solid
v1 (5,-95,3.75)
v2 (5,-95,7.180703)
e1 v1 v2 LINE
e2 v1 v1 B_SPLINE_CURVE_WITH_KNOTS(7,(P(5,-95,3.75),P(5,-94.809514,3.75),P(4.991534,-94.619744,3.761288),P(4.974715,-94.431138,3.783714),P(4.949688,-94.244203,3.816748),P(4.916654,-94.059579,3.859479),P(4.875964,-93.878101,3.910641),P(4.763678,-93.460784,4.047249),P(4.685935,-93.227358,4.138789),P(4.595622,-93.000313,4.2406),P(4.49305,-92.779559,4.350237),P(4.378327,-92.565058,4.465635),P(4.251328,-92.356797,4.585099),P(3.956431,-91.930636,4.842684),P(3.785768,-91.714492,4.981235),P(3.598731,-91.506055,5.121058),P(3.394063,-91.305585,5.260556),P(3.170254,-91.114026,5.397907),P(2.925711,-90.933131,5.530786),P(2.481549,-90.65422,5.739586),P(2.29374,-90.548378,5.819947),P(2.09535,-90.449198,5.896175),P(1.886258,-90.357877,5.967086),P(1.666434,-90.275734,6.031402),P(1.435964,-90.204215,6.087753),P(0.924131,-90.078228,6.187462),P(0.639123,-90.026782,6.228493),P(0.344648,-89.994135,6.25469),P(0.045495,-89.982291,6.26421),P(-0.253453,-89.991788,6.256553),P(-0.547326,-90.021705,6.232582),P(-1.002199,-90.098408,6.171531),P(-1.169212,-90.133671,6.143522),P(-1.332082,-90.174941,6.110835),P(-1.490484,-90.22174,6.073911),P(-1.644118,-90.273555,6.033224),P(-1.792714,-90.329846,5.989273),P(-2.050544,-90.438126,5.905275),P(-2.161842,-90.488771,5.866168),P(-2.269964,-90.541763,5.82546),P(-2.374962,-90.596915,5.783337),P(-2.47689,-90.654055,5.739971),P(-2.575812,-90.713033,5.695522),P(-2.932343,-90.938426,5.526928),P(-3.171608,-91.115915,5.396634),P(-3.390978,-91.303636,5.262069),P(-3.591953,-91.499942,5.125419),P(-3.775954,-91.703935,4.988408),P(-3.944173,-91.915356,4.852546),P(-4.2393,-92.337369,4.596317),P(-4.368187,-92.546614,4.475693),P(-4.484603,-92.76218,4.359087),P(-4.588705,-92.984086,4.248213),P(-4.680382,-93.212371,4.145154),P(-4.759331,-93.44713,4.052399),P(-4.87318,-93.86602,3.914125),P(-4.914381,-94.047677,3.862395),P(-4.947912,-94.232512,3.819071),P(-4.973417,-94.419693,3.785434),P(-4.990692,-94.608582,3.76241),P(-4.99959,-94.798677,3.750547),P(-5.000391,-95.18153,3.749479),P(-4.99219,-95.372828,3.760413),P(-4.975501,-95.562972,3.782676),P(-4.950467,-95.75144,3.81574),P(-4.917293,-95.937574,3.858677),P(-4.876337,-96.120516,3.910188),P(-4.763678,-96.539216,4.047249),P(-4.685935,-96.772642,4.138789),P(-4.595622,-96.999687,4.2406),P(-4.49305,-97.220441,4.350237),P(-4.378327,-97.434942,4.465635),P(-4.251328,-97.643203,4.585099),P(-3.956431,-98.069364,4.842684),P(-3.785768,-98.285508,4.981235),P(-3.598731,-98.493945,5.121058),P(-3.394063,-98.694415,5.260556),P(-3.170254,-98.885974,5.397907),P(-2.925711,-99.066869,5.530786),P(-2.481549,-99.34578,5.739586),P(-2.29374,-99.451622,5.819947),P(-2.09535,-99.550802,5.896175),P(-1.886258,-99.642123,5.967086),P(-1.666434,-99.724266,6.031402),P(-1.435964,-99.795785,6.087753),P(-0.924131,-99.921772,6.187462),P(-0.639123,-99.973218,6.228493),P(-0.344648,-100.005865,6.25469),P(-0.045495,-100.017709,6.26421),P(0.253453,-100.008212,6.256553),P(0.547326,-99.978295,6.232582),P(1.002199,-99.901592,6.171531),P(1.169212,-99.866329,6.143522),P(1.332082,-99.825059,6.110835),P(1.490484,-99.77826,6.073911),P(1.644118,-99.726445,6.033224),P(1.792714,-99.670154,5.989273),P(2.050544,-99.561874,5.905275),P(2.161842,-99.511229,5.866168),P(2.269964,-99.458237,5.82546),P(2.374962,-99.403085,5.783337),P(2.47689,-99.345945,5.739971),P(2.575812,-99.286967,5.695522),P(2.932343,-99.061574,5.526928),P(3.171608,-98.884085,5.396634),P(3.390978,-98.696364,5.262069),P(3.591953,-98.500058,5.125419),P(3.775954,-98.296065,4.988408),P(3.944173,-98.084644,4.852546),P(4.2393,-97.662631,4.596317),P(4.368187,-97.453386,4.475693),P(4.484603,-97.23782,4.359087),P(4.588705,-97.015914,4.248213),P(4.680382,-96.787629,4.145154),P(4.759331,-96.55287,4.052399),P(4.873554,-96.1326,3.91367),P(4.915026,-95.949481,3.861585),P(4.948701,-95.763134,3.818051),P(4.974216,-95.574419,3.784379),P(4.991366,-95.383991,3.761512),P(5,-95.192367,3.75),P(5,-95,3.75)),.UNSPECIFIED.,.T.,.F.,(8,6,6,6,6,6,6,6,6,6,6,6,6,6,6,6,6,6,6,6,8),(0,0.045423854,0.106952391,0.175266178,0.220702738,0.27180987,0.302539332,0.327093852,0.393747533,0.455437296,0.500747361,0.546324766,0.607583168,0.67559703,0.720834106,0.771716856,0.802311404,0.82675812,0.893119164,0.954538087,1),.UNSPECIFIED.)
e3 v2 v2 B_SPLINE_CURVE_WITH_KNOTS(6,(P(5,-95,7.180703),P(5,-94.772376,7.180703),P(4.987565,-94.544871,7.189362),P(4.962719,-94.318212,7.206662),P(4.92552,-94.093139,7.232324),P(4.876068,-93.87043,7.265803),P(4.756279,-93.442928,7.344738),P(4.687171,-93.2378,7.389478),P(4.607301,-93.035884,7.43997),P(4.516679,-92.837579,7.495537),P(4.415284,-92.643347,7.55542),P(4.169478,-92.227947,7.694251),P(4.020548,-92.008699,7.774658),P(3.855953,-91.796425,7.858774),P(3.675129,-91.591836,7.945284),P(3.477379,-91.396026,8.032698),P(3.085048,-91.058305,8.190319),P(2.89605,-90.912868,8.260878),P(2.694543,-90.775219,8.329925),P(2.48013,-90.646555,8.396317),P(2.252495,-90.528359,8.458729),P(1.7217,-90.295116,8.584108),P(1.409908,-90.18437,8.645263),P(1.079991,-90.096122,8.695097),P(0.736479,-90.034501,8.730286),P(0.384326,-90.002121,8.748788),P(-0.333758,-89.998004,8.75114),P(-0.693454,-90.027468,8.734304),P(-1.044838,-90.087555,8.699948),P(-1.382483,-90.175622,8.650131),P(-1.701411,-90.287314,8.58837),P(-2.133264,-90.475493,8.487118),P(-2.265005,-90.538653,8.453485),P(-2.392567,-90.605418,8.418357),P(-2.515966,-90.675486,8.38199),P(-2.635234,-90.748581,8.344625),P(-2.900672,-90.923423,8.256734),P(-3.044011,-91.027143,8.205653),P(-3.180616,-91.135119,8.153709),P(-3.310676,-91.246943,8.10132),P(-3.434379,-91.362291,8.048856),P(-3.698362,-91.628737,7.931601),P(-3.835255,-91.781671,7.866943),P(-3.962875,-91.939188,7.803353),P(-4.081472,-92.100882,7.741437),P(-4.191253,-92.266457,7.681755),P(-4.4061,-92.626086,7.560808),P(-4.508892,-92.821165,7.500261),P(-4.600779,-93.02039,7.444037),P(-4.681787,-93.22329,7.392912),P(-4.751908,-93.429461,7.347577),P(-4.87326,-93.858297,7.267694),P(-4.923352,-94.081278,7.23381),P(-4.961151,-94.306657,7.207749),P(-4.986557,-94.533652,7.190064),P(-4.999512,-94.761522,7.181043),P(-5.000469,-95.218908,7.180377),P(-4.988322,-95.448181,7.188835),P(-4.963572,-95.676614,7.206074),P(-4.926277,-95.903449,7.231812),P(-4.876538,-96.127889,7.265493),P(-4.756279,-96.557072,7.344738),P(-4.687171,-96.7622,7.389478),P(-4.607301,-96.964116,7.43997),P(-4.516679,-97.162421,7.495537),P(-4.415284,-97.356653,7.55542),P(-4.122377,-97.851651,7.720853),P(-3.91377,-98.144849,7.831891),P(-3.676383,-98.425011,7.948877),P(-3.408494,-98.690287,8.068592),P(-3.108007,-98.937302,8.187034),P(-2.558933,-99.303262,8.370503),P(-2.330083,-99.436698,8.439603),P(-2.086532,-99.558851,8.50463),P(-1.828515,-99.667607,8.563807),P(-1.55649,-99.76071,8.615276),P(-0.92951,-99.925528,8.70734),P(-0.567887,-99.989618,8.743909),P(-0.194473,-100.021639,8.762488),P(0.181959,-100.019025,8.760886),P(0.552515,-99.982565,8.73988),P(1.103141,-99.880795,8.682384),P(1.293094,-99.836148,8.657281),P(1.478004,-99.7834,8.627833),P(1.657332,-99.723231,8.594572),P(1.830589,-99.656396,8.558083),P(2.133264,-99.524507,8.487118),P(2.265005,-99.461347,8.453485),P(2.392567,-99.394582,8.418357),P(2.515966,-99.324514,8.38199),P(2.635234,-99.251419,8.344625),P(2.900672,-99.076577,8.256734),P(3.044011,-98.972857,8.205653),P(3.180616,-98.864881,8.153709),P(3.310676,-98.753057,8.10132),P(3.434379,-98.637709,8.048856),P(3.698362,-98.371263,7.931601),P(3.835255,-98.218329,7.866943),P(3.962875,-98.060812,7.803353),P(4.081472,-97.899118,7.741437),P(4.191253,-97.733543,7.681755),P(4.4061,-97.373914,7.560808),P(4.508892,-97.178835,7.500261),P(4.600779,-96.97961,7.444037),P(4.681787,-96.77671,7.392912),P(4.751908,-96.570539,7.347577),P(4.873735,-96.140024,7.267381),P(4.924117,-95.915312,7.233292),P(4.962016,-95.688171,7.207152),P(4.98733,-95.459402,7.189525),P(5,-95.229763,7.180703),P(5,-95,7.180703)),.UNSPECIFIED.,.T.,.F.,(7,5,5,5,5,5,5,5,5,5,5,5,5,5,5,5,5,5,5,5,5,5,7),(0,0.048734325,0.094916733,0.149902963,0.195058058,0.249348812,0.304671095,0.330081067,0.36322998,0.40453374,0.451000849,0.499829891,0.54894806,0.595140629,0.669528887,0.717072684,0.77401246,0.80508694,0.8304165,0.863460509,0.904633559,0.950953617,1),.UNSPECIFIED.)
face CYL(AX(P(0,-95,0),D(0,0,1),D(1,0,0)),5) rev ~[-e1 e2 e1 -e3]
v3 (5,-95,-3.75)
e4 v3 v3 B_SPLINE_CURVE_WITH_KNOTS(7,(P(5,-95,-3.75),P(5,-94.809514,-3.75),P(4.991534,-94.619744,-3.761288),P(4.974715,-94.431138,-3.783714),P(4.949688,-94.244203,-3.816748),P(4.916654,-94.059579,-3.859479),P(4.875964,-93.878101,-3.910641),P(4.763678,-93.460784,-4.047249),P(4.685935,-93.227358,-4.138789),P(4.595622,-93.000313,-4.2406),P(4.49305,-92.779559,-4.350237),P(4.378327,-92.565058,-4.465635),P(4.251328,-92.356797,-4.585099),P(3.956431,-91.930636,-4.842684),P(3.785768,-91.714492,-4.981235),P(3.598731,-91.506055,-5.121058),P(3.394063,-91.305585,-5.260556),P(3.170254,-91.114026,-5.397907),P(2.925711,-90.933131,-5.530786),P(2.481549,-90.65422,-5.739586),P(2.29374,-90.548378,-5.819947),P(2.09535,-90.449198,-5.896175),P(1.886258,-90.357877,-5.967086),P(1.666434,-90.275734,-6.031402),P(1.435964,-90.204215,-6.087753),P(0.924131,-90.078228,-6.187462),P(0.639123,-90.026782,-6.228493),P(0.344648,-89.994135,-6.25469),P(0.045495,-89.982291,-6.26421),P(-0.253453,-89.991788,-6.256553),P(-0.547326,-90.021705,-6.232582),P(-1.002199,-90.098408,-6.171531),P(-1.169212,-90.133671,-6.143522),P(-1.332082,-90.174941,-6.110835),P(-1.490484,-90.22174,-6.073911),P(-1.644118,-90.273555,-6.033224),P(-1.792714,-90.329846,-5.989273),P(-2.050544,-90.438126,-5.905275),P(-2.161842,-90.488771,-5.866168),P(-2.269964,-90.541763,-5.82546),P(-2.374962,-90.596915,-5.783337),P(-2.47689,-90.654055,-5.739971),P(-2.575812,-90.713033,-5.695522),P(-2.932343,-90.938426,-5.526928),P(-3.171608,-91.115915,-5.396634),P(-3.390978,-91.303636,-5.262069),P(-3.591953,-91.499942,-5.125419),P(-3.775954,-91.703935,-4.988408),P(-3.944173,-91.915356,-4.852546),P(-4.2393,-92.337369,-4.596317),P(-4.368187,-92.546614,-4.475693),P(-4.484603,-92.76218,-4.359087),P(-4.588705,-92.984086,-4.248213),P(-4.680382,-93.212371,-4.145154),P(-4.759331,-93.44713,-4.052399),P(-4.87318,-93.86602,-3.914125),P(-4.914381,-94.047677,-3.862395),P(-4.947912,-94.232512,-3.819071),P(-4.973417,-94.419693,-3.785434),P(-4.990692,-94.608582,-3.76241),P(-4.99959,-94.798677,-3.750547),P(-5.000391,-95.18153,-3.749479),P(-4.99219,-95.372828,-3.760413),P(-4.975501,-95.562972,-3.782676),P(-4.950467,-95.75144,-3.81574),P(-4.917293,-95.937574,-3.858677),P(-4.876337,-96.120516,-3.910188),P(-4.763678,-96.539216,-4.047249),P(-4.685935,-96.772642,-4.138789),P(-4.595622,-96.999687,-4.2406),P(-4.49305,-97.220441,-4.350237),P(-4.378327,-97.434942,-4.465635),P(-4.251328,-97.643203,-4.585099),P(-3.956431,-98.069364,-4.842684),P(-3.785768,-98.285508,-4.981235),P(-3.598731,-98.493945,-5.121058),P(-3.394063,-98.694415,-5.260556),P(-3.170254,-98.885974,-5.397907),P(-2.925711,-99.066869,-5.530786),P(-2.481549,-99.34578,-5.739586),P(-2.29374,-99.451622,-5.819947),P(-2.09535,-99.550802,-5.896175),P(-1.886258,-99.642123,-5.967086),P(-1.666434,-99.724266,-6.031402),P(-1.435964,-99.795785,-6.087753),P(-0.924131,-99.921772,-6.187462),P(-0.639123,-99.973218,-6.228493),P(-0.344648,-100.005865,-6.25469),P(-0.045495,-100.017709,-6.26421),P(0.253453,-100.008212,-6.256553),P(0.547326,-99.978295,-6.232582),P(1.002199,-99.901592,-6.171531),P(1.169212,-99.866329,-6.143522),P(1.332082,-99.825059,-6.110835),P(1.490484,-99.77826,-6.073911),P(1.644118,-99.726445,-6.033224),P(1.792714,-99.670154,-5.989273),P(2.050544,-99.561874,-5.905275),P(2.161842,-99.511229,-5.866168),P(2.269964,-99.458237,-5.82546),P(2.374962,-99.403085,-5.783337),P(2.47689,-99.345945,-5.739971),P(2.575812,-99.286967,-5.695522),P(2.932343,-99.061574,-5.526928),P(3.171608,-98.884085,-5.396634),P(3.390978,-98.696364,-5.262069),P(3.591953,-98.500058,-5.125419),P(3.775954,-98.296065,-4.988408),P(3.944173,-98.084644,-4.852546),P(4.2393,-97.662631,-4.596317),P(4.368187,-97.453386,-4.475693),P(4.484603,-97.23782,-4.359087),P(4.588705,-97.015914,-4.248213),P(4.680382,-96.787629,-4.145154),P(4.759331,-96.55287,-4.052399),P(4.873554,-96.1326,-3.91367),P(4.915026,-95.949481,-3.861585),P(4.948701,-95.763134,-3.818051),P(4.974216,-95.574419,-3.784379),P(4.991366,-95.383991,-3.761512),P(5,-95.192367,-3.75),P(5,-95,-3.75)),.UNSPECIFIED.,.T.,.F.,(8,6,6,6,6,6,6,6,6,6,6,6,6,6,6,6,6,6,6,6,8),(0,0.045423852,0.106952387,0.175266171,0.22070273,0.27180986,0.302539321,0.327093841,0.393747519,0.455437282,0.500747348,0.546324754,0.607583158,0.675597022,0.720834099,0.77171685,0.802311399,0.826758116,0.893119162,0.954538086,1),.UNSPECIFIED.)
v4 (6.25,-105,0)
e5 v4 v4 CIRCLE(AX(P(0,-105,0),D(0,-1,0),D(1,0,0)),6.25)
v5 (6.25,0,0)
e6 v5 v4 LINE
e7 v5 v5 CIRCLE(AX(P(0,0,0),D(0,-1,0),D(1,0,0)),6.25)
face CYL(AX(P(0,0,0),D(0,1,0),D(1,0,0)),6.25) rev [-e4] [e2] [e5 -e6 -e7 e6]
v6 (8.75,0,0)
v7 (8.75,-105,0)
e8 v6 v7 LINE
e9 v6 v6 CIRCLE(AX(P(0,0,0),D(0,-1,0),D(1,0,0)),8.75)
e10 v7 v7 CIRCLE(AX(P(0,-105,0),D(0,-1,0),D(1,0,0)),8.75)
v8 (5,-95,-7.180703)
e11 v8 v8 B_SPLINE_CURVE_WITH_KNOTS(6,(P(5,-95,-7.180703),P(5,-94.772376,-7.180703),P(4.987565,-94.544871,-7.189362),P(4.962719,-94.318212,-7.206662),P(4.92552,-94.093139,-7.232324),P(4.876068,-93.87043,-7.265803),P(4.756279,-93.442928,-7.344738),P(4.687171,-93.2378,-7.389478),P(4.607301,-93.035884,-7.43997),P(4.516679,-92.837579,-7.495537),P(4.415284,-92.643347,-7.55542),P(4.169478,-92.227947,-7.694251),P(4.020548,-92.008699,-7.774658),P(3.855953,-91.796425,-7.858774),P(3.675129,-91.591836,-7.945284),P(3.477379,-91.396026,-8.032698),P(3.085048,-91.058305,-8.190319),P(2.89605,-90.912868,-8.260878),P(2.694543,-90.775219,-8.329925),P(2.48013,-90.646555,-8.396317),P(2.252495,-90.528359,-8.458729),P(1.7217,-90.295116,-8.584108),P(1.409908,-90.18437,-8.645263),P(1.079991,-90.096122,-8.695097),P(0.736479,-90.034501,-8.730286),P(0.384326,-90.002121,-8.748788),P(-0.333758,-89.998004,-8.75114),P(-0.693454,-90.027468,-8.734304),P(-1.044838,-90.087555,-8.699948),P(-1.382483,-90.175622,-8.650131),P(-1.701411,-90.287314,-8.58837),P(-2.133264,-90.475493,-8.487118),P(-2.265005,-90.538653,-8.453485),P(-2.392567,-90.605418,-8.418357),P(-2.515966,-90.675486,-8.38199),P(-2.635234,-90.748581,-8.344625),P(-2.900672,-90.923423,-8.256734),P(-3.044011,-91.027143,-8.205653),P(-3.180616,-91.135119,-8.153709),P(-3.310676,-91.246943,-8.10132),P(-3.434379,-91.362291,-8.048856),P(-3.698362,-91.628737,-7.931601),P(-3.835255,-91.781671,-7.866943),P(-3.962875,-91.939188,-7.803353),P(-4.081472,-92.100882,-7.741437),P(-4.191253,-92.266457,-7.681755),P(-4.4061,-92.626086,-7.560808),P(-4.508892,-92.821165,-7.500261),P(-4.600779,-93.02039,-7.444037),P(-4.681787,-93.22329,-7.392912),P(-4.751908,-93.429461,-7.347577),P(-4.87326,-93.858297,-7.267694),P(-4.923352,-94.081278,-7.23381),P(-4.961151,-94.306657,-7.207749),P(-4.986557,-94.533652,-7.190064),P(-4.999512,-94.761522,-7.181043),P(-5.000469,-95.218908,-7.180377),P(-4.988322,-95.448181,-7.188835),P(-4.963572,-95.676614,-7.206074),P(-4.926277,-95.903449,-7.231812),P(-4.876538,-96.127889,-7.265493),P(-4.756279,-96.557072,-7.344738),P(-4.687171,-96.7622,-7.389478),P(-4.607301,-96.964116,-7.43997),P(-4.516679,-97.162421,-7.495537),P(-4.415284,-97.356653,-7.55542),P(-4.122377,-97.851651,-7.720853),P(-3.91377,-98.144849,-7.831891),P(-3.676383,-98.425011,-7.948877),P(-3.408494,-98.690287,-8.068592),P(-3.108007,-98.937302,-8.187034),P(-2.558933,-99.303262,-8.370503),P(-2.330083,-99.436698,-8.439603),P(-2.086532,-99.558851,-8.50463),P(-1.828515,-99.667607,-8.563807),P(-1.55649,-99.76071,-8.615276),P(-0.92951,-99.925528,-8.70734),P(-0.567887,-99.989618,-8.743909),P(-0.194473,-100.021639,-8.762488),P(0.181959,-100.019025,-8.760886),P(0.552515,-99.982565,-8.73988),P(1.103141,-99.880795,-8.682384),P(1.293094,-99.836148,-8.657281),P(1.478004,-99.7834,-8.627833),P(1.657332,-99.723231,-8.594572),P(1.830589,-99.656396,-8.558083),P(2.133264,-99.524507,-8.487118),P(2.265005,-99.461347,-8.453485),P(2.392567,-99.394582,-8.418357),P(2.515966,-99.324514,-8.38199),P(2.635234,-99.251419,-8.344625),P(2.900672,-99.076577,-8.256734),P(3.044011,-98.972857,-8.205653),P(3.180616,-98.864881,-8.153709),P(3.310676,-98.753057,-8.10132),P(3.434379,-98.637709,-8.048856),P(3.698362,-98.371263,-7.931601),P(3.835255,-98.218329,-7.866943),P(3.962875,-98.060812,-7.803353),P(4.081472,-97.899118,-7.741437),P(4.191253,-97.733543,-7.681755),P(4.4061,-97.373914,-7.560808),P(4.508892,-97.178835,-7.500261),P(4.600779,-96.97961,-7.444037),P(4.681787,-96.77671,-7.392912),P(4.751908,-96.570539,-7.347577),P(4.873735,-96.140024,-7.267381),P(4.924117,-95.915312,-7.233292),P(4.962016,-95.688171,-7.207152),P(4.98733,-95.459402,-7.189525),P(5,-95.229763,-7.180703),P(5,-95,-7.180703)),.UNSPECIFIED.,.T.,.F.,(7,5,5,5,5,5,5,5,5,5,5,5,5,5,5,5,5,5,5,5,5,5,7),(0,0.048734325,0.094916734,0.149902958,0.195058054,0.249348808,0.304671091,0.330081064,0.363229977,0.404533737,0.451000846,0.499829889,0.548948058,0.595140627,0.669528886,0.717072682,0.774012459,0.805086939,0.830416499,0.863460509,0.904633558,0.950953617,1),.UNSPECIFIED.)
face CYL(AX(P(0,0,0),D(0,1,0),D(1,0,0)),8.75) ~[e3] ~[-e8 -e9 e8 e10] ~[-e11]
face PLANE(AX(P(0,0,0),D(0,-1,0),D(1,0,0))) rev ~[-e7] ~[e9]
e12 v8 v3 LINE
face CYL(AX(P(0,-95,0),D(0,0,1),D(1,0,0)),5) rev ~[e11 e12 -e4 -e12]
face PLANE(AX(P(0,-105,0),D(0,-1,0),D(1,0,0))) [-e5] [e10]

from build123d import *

# Parameters (mm, degrees)
F0_R     = 8.75
F0_R_2   = 6.25
F1_DEPTH = 105
F2_R     = 5
F3_DEPTH = 33.6


with BuildPart() as f1:
    # F0 (on Front) → F1 (new body)
    with BuildSketch(Plane.XZ):
        Circle(F0_R)
        Circle(F0_R_2, mode=Mode.SUBTRACT)
    extrude(amount=F1_DEPTH)

    # F2 (on Top) → F3 (cut, symmetric)
    with BuildSketch(Plane.XY):
        with Locations((0, -95)):
            Circle(F2_R)
    extrude(amount=F3_DEPTH, both=True, mode=Mode.SUBTRACT)


solid = f1.part
